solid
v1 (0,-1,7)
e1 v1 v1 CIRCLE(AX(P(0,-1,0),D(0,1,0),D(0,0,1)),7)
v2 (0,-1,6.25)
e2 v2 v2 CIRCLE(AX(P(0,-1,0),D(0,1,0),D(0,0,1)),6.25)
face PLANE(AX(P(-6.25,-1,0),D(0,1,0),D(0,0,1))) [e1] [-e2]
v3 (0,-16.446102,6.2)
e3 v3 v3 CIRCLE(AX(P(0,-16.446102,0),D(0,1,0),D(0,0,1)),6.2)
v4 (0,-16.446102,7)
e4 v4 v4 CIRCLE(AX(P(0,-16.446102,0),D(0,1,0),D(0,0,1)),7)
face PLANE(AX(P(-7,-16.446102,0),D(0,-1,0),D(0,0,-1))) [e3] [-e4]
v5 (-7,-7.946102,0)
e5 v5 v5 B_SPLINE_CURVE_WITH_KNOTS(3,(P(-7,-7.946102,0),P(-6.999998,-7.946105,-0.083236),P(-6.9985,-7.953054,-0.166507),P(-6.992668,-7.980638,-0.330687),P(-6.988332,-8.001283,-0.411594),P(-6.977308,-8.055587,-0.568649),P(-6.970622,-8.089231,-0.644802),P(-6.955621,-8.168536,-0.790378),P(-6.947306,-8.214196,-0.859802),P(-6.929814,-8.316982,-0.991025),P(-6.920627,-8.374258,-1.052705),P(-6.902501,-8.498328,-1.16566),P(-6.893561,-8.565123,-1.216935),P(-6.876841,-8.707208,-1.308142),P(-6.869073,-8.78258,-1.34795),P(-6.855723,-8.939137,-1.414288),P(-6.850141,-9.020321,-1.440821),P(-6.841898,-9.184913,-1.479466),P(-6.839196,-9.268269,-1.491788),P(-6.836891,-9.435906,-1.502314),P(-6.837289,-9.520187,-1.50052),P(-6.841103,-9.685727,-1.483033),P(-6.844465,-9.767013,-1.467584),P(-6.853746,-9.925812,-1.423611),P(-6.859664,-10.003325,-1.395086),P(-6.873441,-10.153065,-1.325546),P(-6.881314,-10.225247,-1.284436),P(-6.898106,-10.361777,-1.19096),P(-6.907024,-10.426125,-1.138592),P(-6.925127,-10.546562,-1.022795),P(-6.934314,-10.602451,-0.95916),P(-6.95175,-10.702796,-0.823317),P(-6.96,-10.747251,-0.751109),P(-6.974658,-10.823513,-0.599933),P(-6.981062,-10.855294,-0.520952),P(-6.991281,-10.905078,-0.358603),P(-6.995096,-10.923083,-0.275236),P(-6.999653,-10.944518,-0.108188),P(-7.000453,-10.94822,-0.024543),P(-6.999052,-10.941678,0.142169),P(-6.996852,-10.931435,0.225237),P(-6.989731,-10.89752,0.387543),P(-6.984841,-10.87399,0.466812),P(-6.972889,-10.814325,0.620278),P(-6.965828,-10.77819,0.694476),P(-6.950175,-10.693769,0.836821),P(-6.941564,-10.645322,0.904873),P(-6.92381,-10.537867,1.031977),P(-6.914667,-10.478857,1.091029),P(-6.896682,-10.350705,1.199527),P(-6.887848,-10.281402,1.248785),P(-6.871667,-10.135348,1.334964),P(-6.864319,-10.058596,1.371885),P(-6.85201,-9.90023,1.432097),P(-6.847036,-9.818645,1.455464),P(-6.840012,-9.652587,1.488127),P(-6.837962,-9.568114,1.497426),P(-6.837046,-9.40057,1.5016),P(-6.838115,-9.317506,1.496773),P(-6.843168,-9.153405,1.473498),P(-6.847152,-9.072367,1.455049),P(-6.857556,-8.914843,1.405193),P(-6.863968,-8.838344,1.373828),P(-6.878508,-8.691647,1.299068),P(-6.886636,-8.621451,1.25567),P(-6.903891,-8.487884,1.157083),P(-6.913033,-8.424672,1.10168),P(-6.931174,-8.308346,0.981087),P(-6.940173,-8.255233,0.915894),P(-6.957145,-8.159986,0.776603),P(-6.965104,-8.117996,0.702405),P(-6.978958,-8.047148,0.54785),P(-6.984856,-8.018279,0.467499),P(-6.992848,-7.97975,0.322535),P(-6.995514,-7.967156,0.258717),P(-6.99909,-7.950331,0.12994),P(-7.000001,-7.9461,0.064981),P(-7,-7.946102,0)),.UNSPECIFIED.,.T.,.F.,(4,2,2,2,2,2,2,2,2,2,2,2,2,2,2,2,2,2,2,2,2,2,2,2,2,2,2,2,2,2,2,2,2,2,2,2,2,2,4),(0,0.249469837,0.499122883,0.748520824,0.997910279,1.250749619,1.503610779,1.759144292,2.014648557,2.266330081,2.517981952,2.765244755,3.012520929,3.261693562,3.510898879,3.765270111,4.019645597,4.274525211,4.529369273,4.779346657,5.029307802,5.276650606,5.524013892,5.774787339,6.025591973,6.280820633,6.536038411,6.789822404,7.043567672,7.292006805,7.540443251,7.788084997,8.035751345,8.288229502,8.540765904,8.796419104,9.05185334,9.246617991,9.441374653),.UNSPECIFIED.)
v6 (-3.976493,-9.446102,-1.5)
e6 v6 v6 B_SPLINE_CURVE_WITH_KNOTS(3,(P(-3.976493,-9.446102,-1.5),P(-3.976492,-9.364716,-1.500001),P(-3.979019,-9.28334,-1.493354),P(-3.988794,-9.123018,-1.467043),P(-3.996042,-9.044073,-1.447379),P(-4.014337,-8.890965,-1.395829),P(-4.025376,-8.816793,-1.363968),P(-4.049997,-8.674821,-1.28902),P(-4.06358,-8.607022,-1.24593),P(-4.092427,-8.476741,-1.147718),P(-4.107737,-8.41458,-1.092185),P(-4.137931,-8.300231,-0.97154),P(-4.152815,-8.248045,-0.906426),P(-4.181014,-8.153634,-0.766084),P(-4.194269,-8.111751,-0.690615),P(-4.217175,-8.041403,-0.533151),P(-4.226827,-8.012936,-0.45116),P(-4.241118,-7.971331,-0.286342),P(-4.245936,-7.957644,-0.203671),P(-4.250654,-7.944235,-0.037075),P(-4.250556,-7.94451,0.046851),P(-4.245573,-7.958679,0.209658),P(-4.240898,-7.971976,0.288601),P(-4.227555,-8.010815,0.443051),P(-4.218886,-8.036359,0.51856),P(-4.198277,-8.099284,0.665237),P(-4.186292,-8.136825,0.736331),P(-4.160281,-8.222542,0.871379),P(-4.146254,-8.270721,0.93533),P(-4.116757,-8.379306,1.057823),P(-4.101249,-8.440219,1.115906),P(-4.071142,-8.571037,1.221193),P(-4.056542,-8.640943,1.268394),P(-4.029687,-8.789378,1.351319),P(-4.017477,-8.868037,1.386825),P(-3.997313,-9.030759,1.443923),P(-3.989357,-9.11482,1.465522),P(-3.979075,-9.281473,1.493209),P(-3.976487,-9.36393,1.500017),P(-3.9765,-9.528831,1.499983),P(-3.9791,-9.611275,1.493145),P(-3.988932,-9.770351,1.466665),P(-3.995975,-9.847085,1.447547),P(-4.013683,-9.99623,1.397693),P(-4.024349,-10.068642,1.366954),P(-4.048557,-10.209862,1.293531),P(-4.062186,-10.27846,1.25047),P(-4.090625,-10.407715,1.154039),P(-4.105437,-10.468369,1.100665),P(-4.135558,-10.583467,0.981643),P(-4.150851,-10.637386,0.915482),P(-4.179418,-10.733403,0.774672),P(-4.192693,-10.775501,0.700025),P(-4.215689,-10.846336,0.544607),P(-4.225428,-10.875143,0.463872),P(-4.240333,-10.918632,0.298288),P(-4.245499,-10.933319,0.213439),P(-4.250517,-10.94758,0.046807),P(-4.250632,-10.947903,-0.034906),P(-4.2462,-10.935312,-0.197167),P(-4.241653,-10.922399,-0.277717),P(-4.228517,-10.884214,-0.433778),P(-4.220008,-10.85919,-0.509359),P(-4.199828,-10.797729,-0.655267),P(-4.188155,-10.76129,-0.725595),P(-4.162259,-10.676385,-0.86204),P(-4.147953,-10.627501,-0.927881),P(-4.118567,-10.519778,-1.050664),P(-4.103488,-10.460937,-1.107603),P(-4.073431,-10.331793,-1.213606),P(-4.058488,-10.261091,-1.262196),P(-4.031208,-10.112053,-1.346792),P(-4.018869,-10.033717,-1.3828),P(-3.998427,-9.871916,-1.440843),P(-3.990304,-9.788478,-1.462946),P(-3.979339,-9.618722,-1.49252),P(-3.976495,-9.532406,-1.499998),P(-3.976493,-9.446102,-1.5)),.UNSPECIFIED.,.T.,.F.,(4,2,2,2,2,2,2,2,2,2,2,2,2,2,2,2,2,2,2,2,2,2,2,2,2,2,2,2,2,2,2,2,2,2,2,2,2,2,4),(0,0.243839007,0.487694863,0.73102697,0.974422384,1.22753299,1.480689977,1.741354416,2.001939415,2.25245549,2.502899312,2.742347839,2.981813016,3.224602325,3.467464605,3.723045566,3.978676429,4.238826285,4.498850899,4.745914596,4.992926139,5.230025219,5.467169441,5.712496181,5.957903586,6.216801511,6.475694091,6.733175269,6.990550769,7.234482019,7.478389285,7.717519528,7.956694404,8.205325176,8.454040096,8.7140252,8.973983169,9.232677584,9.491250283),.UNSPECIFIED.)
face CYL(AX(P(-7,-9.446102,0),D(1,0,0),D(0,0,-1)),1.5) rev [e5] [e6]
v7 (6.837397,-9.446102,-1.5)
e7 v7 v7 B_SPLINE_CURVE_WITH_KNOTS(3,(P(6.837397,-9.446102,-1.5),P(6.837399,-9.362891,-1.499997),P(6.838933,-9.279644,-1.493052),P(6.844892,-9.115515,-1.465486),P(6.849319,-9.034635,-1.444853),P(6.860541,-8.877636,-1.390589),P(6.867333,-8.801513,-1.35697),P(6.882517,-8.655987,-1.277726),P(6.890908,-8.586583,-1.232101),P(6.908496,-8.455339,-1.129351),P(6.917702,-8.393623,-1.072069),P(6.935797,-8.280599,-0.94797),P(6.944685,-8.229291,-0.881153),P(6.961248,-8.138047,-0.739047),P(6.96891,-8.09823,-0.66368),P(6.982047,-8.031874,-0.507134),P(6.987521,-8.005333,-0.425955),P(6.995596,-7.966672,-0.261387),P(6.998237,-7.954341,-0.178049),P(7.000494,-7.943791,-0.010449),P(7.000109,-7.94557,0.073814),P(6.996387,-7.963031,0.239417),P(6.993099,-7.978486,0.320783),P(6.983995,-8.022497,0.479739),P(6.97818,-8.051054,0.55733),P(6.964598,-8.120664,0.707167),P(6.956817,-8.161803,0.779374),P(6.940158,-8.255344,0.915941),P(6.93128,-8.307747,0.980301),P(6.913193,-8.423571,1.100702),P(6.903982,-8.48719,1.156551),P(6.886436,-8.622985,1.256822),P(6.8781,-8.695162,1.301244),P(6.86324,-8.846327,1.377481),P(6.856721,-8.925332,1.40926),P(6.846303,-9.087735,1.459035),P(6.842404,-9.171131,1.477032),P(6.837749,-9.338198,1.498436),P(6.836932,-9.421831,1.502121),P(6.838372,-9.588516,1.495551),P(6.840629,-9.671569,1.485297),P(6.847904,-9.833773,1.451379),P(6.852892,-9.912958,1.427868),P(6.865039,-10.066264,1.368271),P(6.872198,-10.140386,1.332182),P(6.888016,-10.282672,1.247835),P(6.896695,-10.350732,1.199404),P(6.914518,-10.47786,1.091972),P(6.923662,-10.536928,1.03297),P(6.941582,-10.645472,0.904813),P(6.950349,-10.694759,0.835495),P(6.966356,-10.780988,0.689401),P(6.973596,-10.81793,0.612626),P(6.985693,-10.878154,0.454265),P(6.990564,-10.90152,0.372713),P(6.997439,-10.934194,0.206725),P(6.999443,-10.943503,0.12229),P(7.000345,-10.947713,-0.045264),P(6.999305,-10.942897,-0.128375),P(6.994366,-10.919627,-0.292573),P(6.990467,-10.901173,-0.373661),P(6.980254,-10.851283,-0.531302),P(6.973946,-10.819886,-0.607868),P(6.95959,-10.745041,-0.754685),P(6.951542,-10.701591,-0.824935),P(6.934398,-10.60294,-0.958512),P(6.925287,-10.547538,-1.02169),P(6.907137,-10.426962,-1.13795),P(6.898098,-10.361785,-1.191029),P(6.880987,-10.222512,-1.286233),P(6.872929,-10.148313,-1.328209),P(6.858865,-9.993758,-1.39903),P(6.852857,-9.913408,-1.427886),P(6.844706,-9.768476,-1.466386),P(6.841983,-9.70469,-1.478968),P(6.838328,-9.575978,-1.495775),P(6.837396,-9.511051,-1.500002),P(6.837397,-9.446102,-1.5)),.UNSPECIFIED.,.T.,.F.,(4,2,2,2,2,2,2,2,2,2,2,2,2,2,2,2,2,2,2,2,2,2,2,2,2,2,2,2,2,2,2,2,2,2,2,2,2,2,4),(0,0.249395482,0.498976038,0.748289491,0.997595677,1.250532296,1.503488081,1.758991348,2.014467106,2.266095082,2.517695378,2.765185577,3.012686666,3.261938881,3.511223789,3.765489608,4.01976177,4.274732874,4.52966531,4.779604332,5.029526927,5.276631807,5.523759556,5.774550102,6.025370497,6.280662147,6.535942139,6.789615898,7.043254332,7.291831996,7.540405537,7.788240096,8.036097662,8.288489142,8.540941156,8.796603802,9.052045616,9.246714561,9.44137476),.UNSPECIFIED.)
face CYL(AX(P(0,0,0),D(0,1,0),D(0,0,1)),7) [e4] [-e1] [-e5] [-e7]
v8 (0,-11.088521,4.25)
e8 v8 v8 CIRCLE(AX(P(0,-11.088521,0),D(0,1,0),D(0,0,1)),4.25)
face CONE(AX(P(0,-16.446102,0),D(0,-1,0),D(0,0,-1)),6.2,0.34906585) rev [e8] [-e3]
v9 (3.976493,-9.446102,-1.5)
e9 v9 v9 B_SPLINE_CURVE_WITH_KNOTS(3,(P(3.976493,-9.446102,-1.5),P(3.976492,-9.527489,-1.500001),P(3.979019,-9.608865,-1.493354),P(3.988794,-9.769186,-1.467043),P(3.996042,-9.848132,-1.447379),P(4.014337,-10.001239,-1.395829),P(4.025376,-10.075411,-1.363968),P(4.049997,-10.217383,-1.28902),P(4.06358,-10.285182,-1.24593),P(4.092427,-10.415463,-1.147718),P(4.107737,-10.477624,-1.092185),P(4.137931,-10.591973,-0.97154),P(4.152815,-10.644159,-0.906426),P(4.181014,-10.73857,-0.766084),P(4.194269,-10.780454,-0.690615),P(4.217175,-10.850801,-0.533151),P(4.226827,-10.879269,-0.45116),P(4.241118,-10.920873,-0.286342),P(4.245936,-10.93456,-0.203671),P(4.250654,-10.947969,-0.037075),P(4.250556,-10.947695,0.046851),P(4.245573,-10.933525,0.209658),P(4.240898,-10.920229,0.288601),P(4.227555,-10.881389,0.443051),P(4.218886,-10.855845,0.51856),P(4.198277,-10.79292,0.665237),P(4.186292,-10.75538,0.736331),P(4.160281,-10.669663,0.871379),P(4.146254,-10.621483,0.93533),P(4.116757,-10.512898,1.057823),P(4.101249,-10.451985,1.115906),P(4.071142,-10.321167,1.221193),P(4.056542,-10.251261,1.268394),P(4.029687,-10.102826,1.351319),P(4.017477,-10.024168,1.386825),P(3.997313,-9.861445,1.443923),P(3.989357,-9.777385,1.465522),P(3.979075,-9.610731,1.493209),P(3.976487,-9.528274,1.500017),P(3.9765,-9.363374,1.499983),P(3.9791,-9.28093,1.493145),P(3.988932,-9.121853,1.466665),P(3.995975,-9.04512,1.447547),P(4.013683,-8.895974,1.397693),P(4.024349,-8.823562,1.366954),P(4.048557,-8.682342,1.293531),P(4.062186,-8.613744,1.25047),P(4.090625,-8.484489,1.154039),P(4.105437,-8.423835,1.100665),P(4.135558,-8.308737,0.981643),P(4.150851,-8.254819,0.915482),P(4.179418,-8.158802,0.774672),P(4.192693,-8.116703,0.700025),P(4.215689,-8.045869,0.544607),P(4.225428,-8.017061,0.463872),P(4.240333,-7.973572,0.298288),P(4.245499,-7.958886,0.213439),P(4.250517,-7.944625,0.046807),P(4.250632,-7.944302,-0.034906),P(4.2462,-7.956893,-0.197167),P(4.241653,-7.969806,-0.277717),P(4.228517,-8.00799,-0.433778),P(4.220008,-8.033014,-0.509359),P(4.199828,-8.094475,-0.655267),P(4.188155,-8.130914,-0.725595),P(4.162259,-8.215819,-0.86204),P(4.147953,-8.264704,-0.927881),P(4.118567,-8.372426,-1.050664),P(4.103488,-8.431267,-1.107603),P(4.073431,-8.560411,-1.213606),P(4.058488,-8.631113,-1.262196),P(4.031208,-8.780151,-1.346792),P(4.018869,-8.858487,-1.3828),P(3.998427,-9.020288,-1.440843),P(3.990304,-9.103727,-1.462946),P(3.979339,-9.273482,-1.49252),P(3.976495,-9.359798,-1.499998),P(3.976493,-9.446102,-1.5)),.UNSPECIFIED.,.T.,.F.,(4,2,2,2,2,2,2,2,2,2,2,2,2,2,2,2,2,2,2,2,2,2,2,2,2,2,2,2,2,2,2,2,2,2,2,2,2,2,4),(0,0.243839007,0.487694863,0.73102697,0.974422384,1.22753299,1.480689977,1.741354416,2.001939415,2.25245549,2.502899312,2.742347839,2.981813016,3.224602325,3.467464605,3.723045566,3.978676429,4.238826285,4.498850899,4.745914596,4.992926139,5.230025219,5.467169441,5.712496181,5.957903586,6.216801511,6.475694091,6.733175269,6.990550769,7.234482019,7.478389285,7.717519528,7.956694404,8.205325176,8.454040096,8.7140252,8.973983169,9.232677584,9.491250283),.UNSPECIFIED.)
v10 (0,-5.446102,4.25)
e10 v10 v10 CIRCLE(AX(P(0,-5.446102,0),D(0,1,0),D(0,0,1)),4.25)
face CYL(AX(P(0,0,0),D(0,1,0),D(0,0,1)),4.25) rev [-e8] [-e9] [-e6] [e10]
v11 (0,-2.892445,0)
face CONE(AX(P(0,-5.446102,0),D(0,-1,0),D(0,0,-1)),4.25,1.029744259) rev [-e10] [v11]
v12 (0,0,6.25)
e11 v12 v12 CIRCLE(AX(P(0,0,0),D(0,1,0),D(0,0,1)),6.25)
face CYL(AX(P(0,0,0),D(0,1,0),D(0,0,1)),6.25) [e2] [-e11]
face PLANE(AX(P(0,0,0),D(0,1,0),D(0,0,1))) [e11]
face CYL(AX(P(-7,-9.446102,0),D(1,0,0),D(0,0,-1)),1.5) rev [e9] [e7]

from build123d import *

# Parameters (mm, degrees)
CUT_EXTRUDE1_DEPTH      = 20.195683783
CUT_EXTRUDE1_DEPTH_BACK = 20.195683783
SKETCH2_R               = 1.5


with BuildPart() as part:
    # Sketch1 → Revolve1 (revolve)
    with BuildSketch(Plane.XY, mode=Mode.PRIVATE) as revolve1_sk:
        Polygon((0, 0), (-6.25, 0), (-6.25, -1), (-7, -1), (-7, -16.446102149), (-6.2, -16.446102149), (-4.25, -11.088521181), (-4.25, -5.446102149), (0, -2.892444518), align=None)
    revolve(revolve1_sk.sketch.rotate(Axis((0, 0, 0), (0, -1, 0)), 270), axis=Axis((0, 0, 0), (0, -1, 0)))

    # Sketch2 → Cut-Extrude1 (cut, two sides: drawn at the far end of the back side and taken through both)
    with BuildSketch(Plane(origin=(0, 0, 0), x_dir=(0, 0, -1), z_dir=(1, 0, 0)).offset(-CUT_EXTRUDE1_DEPTH_BACK)):
        with Locations((0, -9.446102149)):
            Circle(SKETCH2_R)
    extrude(amount=CUT_EXTRUDE1_DEPTH + CUT_EXTRUDE1_DEPTH_BACK, mode=Mode.SUBTRACT)


solid = part.part
